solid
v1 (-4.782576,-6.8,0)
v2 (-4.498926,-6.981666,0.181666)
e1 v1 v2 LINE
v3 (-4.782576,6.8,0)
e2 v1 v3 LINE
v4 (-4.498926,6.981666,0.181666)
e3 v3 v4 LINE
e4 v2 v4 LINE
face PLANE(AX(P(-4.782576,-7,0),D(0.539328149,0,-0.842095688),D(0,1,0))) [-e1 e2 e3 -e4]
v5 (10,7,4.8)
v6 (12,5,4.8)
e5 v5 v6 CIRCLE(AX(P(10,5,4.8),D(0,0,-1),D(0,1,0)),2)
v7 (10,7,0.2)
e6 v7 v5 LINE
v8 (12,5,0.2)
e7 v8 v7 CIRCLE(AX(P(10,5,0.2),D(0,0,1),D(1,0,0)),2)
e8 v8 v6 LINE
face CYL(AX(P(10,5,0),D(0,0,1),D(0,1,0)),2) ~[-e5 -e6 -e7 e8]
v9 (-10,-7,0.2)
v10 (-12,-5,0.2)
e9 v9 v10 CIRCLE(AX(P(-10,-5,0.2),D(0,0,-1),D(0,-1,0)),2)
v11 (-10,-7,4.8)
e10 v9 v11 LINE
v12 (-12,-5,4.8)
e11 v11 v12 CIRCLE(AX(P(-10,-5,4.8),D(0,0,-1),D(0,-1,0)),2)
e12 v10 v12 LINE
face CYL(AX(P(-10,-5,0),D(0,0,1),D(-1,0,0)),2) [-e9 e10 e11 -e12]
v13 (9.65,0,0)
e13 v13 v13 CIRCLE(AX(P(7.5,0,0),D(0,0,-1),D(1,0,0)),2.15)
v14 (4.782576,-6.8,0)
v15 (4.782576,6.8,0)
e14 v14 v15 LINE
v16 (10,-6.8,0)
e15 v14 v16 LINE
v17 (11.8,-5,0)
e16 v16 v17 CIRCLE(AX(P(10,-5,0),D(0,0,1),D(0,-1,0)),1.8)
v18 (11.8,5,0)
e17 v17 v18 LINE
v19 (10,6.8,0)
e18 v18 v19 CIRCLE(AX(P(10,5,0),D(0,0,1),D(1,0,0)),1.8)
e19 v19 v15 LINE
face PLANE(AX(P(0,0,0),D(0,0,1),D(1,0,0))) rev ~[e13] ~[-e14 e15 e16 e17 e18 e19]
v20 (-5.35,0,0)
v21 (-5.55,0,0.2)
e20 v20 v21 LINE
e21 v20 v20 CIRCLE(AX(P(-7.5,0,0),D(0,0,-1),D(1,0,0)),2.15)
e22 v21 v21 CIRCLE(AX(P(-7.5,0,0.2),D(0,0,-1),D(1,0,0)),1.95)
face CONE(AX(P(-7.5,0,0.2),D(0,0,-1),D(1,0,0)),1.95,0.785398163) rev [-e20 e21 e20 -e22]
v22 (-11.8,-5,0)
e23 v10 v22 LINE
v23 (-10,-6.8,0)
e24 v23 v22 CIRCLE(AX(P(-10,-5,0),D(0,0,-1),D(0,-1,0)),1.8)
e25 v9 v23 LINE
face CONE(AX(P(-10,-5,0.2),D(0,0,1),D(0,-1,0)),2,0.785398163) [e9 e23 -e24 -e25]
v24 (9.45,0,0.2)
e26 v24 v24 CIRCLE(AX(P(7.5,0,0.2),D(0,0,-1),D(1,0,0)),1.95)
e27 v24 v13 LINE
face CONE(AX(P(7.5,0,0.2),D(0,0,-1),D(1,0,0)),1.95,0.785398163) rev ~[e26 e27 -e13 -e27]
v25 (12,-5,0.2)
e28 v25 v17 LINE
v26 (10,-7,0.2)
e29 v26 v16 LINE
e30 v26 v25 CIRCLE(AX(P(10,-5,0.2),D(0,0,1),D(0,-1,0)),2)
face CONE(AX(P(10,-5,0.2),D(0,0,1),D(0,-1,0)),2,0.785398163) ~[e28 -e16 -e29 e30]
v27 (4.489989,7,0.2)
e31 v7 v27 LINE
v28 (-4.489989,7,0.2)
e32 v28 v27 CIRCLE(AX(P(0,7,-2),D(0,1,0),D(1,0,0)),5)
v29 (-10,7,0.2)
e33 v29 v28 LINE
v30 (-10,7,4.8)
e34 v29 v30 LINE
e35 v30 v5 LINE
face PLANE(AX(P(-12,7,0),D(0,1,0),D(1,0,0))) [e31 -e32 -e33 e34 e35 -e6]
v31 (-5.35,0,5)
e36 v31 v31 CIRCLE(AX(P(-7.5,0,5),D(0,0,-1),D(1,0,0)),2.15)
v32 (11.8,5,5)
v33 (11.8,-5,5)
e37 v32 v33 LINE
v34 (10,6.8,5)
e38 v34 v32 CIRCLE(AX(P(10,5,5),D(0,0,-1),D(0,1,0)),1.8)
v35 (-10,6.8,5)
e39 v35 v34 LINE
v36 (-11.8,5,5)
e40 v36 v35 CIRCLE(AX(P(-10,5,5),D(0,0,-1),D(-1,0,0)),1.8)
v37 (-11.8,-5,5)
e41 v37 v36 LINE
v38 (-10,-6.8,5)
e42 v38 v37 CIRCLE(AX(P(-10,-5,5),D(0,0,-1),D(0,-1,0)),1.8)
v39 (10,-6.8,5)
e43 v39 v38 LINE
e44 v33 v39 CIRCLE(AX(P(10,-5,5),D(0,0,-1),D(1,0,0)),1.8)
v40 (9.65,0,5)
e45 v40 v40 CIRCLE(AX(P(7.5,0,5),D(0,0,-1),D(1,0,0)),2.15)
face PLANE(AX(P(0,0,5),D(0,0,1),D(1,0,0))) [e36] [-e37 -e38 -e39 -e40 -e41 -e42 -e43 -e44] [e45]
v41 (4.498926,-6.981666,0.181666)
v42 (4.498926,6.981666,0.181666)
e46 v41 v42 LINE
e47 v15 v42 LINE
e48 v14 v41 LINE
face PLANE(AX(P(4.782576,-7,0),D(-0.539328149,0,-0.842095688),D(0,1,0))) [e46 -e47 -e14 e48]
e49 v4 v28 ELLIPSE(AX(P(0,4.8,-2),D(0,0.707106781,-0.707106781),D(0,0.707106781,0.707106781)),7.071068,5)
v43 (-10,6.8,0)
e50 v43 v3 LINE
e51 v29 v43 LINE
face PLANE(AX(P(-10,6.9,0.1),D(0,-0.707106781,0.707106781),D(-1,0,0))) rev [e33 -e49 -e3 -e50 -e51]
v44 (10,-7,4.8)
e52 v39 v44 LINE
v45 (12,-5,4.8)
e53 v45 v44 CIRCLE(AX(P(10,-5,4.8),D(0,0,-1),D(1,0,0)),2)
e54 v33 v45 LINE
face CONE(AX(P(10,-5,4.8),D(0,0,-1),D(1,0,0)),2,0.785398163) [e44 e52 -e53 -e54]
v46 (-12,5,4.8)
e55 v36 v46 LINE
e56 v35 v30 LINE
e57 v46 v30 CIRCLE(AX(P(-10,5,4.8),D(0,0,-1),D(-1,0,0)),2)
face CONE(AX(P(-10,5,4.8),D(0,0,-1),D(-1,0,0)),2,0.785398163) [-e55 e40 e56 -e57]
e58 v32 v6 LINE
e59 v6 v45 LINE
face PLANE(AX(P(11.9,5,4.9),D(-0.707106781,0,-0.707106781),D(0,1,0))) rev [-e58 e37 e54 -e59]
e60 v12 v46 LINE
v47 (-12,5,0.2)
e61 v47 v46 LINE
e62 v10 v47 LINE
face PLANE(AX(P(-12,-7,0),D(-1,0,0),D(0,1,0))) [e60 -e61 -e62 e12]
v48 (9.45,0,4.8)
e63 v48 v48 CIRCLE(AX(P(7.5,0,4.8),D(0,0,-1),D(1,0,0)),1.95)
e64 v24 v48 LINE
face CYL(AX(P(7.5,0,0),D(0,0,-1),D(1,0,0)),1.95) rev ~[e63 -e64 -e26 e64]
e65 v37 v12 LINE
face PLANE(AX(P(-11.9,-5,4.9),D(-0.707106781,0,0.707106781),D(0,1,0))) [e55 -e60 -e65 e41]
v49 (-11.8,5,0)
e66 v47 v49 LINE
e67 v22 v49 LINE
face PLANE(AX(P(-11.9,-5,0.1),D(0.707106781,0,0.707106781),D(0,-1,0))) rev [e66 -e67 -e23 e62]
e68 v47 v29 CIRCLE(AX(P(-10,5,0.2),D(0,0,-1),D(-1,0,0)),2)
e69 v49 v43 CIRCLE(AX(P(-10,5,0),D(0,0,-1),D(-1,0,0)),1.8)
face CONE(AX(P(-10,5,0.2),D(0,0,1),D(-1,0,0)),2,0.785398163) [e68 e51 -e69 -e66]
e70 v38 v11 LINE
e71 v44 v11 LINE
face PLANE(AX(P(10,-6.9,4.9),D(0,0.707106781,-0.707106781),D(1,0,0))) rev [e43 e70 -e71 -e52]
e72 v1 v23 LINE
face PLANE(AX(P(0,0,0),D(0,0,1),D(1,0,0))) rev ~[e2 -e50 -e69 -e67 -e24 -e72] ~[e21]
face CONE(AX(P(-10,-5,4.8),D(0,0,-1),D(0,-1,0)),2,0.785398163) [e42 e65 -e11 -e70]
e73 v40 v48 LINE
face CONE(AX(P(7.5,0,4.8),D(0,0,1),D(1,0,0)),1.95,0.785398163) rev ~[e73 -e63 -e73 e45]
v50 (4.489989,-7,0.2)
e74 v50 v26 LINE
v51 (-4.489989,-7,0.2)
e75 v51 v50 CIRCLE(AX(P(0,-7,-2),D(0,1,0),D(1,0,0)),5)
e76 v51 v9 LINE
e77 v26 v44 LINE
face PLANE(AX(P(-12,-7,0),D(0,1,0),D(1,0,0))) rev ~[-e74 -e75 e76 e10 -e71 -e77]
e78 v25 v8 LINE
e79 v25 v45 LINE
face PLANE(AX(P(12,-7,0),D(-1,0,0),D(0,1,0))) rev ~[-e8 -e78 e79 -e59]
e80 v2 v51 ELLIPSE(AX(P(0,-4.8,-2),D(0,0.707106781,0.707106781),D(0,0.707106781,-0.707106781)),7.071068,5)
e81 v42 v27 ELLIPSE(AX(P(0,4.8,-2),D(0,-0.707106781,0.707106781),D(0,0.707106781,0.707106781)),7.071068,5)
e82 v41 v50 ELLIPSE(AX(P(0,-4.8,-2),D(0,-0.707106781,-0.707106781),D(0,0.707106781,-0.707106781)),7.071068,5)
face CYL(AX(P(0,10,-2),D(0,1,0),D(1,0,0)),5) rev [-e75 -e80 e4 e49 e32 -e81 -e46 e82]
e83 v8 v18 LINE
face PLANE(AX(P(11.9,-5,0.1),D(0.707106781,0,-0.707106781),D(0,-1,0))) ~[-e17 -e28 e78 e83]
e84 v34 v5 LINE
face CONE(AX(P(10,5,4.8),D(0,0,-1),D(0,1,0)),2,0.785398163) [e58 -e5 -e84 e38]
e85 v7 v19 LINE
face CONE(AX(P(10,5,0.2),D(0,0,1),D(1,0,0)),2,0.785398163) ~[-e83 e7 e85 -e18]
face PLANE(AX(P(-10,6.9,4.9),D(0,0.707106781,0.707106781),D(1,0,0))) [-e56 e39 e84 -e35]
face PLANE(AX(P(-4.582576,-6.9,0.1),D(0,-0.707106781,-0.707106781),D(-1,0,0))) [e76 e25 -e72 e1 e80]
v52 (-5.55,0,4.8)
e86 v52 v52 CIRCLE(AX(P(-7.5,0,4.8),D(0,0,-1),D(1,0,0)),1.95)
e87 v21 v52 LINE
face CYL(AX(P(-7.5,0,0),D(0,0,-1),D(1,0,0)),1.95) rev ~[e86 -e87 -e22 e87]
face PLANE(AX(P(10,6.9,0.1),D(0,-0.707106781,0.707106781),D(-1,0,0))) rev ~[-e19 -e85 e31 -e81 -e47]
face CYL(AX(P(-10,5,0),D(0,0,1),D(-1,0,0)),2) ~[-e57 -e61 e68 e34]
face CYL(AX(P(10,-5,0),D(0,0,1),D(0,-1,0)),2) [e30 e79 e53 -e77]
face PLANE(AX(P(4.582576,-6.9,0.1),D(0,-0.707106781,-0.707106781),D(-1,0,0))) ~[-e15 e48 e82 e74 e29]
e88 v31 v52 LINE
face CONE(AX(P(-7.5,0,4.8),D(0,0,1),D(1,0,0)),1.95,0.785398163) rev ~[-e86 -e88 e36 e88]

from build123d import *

# Parameters (mm, degrees)
CYLINDER_R          = 5
CYLINDER_DEPTH      = 20
CYLINDER_ROLL_ANGLE = 90
BOX_W               = 24
BOX_H               = 14
BOX_DEPTH           = 5
SKETCH001_R         = 1.95
POCKET_DEPTH        = 15
FILLET_R            = 2
CHAMFER_SIZE        = 0.2
CHAMFER001_SIZE     = 0.2


with BuildPart() as zylinder:
    # Cylinder → Cylinder (new body)
    with BuildSketch(Plane.XY):
        Circle(CYLINDER_R)
    extrude(amount=CYLINDER_DEPTH)


with BuildPart() as zylinder_1:
    # Cylinder roll: moved
    add(zylinder.part.rotate(Axis((0, 0, 0), (1, 0, 0)), CYLINDER_ROLL_ANGLE))


with BuildPart() as zylinder_2:
    # Cylinder placement: moved
    add(zylinder_1.part.moved(Location((0, 10, -2))))


with BuildPart() as chamfer001:
    # Box → Box (new body)
    with BuildSketch(Plane(origin=(-12, -7, 0), x_dir=(1, 0, 0), z_dir=(0, 0, 1))):
        with Locations((12, 7)):
            Rectangle(BOX_W, BOX_H)
    extrude(amount=BOX_DEPTH)

    # Cut: cut Zylinder
    add(zylinder_2.part, mode=Mode.SUBTRACT)

    # Sketch001 → Pocket (cut)
    with BuildSketch(Plane(origin=(0, 0, 0), x_dir=(1, 0, 0), z_dir=(0, 0, -1))):
        with Locations((-7.5, 0)):
            Circle(SKETCH001_R)
        with Locations((7.5, 0)):
            Circle(SKETCH001_R)
    extrude(amount=-POCKET_DEPTH, mode=Mode.SUBTRACT)

    # Fillet
    fillet_edges = [chamfer001.edges().sort_by_distance(p)[0] for p in [
        (-12, 7, 2.5),
        (-12, -7, 2.5),
        (12, -7, 2.5),
        (12, 7, 2.5),
    ]]
    fillet(fillet_edges, radius=FILLET_R)

    # Chamfer
    chamfer_edges = [chamfer001.edges().sort_by_distance(p)[0] for p in [
        (-12, 0, 0),
        (-11.414214, 6.414214, 0),
        (-7.291288, 7, 0),
        (-4.582576, 0, 0),
        (-7.291288, -7, 0),
        (-11.414214, -6.414214, 0),
        (4.582576, 0, 0),
        (7.291288, -7, 0),
        (11.414214, -6.414214, 0),
        (12, 0, 0),
        (11.414214, 6.414214, 0),
        (7.291288, 7, 0),
        (-9.45, 0, 0),
        (5.55, 0, 0),
    ]]
    chamfer(chamfer_edges, length=CHAMFER_SIZE)

    # Chamfer001
    chamfer001_edges = [chamfer001.edges().sort_by_distance(p)[0] for p in [
        (0, 7, 5),
        (11.414214, 6.414214, 5),
        (12, 0, 5),
        (11.414214, -6.414214, 5),
        (0, -7, 5),
        (-11.414214, -6.414214, 5),
        (-12, 0, 5),
        (-11.414214, 6.414214, 5),
        (-9.45, 0, 5),
        (5.55, 0, 5),
    ]]
    chamfer(chamfer001_edges, length=CHAMFER001_SIZE)


solid = chamfer001.part
